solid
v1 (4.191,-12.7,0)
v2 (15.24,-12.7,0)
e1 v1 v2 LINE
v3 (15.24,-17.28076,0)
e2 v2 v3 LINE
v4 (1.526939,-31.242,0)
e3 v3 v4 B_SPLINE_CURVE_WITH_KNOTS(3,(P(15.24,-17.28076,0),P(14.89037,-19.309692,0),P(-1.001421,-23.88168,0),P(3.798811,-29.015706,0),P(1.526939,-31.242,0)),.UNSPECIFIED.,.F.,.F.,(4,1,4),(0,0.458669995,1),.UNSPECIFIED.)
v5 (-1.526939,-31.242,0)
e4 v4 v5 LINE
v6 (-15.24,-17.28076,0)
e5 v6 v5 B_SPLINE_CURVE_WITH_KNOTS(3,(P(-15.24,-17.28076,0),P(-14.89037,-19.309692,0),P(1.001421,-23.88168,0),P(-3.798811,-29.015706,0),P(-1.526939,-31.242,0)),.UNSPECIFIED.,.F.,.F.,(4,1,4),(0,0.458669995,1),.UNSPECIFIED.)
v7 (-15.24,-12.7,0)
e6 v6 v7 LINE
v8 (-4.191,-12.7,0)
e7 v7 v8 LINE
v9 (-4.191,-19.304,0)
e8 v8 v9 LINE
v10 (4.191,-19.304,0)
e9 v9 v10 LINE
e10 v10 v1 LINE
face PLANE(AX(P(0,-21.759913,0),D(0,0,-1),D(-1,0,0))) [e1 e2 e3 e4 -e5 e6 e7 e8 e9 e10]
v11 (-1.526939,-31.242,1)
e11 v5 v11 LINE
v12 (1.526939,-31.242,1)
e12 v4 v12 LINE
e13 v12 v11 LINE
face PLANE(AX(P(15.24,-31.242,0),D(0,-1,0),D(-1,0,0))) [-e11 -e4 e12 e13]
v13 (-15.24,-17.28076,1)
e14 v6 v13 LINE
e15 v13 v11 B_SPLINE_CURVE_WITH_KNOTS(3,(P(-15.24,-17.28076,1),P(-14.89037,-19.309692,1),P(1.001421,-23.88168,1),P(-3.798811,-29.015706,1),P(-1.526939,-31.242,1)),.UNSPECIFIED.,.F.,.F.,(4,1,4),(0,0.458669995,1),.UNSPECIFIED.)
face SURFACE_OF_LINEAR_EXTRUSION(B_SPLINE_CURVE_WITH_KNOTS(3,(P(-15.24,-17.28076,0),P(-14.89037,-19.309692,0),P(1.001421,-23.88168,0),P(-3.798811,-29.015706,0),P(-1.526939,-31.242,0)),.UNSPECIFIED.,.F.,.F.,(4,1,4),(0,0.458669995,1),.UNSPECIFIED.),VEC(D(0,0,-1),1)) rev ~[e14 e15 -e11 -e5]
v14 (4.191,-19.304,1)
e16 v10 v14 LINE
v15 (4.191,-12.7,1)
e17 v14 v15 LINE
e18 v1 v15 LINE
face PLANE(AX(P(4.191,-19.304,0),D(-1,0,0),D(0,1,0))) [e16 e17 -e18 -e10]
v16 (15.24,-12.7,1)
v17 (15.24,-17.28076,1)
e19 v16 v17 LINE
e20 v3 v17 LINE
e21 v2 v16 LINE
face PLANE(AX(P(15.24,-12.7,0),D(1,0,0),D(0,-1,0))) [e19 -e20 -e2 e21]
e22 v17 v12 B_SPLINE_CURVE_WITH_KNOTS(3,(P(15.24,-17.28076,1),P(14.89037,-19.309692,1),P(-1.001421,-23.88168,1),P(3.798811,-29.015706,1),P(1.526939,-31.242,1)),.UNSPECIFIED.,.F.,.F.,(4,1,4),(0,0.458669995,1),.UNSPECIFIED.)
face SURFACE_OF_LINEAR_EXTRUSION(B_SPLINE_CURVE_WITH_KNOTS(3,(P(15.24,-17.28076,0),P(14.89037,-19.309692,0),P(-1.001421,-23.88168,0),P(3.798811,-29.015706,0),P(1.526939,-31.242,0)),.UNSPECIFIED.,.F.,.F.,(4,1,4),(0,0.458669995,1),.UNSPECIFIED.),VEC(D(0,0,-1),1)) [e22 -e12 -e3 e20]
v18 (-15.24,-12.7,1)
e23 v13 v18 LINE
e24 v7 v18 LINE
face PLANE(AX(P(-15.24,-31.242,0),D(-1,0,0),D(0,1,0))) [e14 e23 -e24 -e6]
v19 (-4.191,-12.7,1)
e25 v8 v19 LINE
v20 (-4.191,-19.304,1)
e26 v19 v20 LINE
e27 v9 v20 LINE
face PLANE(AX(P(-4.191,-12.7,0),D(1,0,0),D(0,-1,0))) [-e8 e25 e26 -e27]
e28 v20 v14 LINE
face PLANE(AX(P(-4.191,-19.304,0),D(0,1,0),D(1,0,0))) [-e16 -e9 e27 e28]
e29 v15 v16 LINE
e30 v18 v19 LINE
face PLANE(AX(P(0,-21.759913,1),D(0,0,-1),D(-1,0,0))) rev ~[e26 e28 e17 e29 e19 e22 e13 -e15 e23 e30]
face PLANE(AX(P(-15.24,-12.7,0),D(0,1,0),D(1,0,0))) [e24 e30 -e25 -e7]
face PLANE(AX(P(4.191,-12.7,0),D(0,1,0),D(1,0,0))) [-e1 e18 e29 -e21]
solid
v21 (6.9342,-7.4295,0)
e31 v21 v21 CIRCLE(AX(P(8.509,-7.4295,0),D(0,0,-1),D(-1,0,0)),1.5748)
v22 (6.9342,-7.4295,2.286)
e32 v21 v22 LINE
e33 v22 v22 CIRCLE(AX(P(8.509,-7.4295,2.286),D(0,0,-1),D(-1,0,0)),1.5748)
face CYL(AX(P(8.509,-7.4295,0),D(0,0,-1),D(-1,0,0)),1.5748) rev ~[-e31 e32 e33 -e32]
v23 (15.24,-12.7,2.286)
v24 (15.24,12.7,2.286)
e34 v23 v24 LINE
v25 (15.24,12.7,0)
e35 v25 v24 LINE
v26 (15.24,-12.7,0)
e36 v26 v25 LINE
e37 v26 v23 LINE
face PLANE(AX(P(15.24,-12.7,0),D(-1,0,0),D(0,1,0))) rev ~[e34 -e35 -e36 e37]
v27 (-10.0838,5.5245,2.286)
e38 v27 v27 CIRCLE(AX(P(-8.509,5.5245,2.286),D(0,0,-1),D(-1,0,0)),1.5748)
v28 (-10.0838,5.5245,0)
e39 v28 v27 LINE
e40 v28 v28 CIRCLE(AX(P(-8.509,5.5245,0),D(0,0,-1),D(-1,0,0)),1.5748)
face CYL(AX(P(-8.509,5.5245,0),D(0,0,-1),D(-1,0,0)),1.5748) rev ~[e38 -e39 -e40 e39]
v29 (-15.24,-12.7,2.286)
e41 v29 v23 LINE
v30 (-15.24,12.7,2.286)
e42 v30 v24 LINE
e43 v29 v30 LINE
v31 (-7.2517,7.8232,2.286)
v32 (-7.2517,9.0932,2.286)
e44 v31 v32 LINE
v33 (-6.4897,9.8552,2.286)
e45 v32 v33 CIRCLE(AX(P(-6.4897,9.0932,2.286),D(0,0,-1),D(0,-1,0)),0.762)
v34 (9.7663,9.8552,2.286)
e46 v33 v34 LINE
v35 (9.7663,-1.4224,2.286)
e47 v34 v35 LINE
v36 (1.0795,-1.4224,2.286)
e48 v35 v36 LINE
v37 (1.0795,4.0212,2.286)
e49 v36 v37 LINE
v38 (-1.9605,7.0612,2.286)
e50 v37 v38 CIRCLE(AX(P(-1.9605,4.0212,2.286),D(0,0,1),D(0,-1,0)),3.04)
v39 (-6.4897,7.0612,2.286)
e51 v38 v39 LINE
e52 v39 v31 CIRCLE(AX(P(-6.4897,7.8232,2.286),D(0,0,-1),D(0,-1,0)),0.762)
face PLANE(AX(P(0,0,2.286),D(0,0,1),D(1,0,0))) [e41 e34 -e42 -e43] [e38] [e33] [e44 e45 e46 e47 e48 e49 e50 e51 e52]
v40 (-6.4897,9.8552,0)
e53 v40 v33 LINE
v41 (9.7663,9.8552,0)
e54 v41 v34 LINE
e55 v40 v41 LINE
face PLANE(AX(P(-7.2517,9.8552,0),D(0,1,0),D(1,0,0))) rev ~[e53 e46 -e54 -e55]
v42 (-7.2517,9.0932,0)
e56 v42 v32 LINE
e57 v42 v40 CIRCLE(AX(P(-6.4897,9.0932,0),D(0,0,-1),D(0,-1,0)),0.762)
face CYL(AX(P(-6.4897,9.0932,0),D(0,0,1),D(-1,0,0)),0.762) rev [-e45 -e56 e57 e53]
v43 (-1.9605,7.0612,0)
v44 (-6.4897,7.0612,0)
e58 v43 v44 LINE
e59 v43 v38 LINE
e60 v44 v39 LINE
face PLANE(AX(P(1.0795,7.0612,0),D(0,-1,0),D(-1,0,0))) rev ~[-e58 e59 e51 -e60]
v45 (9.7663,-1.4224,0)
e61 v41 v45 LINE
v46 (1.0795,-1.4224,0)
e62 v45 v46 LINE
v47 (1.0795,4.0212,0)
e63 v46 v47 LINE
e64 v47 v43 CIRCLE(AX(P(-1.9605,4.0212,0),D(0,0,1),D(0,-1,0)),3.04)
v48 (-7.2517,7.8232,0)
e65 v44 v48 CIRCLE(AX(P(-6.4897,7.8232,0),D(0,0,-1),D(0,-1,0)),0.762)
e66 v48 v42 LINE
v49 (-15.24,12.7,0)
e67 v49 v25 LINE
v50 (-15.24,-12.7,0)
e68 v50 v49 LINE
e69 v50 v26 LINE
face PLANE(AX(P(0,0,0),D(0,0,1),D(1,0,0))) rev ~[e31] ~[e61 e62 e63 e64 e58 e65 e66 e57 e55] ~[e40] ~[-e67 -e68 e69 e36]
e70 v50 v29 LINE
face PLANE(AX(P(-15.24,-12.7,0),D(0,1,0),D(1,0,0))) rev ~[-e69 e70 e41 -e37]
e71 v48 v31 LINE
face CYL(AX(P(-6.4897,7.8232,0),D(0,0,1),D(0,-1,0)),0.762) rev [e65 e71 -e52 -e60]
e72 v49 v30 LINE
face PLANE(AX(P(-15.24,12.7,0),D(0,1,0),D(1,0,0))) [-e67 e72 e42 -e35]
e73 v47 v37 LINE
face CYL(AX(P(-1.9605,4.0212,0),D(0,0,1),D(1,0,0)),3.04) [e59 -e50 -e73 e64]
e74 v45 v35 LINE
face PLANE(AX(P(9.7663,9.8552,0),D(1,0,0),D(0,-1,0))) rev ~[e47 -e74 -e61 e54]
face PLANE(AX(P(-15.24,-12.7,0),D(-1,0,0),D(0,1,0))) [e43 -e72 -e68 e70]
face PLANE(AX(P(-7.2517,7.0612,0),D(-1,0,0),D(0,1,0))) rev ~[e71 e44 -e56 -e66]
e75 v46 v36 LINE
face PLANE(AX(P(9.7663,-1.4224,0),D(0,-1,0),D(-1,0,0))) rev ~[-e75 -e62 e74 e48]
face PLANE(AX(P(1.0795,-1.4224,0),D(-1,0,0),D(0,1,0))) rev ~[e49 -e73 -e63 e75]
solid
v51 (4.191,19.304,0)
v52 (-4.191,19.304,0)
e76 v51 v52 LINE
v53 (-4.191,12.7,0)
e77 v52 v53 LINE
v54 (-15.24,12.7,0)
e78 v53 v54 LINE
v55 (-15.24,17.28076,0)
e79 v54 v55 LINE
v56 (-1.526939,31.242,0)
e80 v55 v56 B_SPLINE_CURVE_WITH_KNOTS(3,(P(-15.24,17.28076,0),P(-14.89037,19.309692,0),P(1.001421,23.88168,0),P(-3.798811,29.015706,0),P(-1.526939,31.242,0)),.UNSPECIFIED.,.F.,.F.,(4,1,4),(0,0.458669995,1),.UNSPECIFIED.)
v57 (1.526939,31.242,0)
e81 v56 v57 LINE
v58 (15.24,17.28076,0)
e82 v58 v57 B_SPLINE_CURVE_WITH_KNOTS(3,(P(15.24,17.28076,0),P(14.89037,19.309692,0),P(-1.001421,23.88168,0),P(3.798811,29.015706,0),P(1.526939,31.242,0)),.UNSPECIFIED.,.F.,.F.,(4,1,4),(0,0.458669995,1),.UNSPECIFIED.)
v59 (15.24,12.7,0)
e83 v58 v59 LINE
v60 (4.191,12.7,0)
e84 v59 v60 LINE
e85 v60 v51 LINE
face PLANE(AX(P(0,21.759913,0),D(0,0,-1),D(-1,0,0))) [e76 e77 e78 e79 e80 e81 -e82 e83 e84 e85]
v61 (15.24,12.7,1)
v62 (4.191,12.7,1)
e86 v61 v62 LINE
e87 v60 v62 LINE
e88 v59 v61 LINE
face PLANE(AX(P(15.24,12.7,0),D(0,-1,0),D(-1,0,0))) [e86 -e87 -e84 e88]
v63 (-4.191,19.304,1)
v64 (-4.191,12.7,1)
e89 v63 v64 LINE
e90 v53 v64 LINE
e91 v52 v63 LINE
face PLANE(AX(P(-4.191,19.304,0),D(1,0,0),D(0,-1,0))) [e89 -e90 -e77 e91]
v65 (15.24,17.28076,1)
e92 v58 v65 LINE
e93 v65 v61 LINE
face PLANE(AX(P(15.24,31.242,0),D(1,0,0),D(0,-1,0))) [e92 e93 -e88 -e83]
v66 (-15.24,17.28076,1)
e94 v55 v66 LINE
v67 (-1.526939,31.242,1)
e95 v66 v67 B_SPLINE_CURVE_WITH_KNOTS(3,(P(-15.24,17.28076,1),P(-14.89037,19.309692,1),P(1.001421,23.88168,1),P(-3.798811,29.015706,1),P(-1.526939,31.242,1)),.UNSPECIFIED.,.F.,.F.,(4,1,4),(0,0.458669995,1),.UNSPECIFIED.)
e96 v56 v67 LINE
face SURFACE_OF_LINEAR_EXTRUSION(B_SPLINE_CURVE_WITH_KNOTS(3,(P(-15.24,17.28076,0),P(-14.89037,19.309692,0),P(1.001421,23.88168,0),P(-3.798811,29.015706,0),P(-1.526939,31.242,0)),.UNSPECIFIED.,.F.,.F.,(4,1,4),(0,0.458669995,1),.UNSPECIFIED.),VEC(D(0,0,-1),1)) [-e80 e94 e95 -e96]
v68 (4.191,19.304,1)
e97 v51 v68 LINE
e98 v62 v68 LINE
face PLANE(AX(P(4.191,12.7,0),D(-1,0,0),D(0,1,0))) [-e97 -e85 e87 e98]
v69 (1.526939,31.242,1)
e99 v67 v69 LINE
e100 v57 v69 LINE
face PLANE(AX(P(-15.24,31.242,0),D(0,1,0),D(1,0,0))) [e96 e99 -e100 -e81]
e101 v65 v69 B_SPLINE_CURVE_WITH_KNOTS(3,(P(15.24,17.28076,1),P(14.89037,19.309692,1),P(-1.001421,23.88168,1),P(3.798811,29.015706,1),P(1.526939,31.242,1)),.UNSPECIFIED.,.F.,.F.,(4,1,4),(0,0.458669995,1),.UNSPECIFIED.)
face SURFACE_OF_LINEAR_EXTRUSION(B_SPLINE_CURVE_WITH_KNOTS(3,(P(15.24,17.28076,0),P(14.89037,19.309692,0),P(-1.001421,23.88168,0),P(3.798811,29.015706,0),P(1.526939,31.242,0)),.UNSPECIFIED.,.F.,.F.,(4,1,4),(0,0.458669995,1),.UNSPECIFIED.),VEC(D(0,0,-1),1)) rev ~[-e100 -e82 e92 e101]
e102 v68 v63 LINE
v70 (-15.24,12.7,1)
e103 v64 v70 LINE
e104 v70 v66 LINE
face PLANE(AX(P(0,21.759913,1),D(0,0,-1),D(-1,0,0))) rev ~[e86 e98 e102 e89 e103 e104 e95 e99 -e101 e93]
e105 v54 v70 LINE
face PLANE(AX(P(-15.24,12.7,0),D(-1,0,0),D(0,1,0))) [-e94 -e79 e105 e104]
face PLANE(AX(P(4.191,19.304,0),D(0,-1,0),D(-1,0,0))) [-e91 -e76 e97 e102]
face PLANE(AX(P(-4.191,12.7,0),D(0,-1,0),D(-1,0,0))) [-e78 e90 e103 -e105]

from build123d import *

# Parameters (mm, degrees)
SKETCH2_W             = 30.48
SKETCH2_H             = 25.4
BOSS_EXTRUDE1_DEPTH   = 2.286
CUT_EXTRUDE2_REACH    = 4.286
SKETCH3_R             = 1.5748
BOSS_EXTRUDE5_DEPTH   = 1
BOSS_EXTRUDE5_2_DEPTH = 1
CUT_EXTRUDE3_DEPTH    = 1
FILLET4_R             = 3.04
FILLET5_R             = 0.762


with BuildPart() as part:
    # Sketch2 → Boss-Extrude1 (new body)
    with BuildSketch(Plane.XY):
        Rectangle(SKETCH2_W, SKETCH2_H)
    extrude(amount=BOSS_EXTRUDE1_DEPTH)

    # Sketch3 → Cut-Extrude2 (cut, up to next)
    with BuildSketch(Plane(origin=(0, 0, 0), x_dir=(-1, 0, 0), z_dir=(0, 0, -1)), mode=Mode.PRIVATE) as cut_extrude2_sk1:
        Polygon((-9.7663, -1.4224), (-1.0795, -1.4224), (-1.0795, 7.0612), (7.2517, 7.0612), (7.2517, 9.8552), (-9.7663, 9.8552), align=None)
    cut_extrude2_tool1 = extrude(cut_extrude2_sk1.sketch, amount=-CUT_EXTRUDE2_REACH, mode=Mode.PRIVATE) & part.part
    add(cut_extrude2_tool1.solids().sort_by_distance((3.789271, 5.030776, 0))[0], mode=Mode.SUBTRACT)
    # Sketch3 → Cut-Extrude2 (cut, up to next)
    with BuildSketch(Plane(origin=(0, 0, 0), x_dir=(-1, 0, 0), z_dir=(0, 0, -1)), mode=Mode.PRIVATE) as cut_extrude2_sk2:
        with Locations((8.509, 5.5245)):
            Circle(SKETCH3_R)
    cut_extrude2_tool2 = extrude(cut_extrude2_sk2.sketch, amount=-CUT_EXTRUDE2_REACH, mode=Mode.PRIVATE) & part.part
    add(cut_extrude2_tool2.solids().sort_by_distance((-8.509, 5.5245, 0))[0], mode=Mode.SUBTRACT)
    # Sketch3 → Cut-Extrude2 (cut, up to next)
    with BuildSketch(Plane(origin=(0, 0, 0), x_dir=(-1, 0, 0), z_dir=(0, 0, -1)), mode=Mode.PRIVATE) as cut_extrude2_sk3:
        with Locations((-8.509, -7.4295)):
            Circle(SKETCH3_R)
    cut_extrude2_tool3 = extrude(cut_extrude2_sk3.sketch, amount=-CUT_EXTRUDE2_REACH, mode=Mode.PRIVATE) & part.part
    add(cut_extrude2_tool3.solids().sort_by_distance((8.509, -7.4295, 0))[0], mode=Mode.SUBTRACT)

    # Fillet4
    fillet4_edges = [part.edges().sort_by_distance(p)[0] for p in [
        (1.0795, 7.0612, 1.143),
    ]]
    fillet(fillet4_edges, radius=FILLET4_R)

    # Fillet5
    fillet5_edges = [part.edges().sort_by_distance(p)[0] for p in [
        (-7.2517, 9.8552, 1.143),
        (-7.2517, 7.0612, 1.143),
    ]]
    fillet(fillet5_edges, radius=FILLET5_R)


with BuildPart() as body_2:
    # Sketch5 → Boss-Extrude5 (new body)
    with BuildSketch(Plane(origin=(0, 0, 0), x_dir=(-1, 0, 0), z_dir=(0, 0, -1))):
        Polygon((-15.24, 12.7), (-4.191, 12.7), (-4.191, 19.304), (4.191, 19.304), (4.191, 12.7), (15.24, 12.7), (15.24, 31.242), (-15.24, 31.242), align=None)
    extrude(amount=-BOSS_EXTRUDE5_DEPTH)


with BuildPart() as body_3:
    # Sketch5 → Boss-Extrude5 2 (new body)
    with BuildSketch(Plane(origin=(0, 0, 0), x_dir=(-1, 0, 0), z_dir=(0, 0, -1))):
        Polygon((15.24, -12.7), (4.191, -12.7), (4.191, -19.304), (-4.191, -19.304), (-4.191, -12.7), (-15.24, -12.7), (-15.24, -31.242), (15.24, -31.242), align=None)
    extrude(amount=-BOSS_EXTRUDE5_2_DEPTH)


with BuildPart() as cut_extrude3_tool:
    # Sketch6 → Cut-Extrude3 (new body)
    with BuildSketch(Plane(origin=(0, 0, 0), x_dir=(-1, 0, 0), z_dir=(0, 0, -1))):
        with BuildLine():
            Line((15.24, -17.280759688), (15.24, -31.242))
            Line((15.24, -31.242), (1.526938678, -31.242))
            add(Edge.make_bspline(
                [(15.24, -17.280759688), (14.890369571, -19.309691675), (-1.001421423, -23.881680442), (3.798810701, -29.015705658), (1.526938678, -31.242)],
                knots=[0, 0, 0, 0, 0.458669995, 1, 1, 1, 1], degree=3))
        make_face()
        with BuildLine():
            Line((-15.24, -31.242), (-1.526938678, -31.242))
            add(Edge.make_bspline(
                [(-15.24, -17.280759688), (-14.890369571, -19.309691675), (1.001421423, -23.881680442), (-3.798810701, -29.015705658), (-1.526938678, -31.242)],
                knots=[0, 0, 0, 0, 0.458669995, 1, 1, 1, 1], degree=3))
            Line((-15.24, -17.280759688), (-15.24, -31.242))
        make_face()
        with BuildLine():
            Line((-15.24, 17.280759688), (-15.24, 31.242))
            Line((-15.24, 31.242), (-1.526938678, 31.242))
            add(Edge.make_bspline(
                [(-15.24, 17.280759688), (-14.890369571, 19.309691675), (1.001421423, 23.881680442), (-3.798810701, 29.015705658), (-1.526938678, 31.242)],
                knots=[0, 0, 0, 0, 0.458669995, 1, 1, 1, 1], degree=3))
        make_face()
        with BuildLine():
            Line((15.24, 31.242), (1.526938678, 31.242))
            add(Edge.make_bspline(
                [(15.24, 17.280759688), (14.890369571, 19.309691675), (-1.001421423, 23.881680442), (3.798810701, 29.015705658), (1.526938678, 31.242)],
                knots=[0, 0, 0, 0, 0.458669995, 1, 1, 1, 1], degree=3))
            Line((15.24, 17.280759688), (15.24, 31.242))
        make_face()
    extrude(amount=-CUT_EXTRUDE3_DEPTH)


with BuildPart() as body_2_1:
    add(body_2.part)

    # Cut-Extrude3: cut by cut_extrude3_tool
    add(cut_extrude3_tool.part, mode=Mode.SUBTRACT)


with BuildPart() as body_3_1:
    add(body_3.part)

    # Cut-Extrude3: cut by cut_extrude3_tool
    add(cut_extrude3_tool.part, mode=Mode.SUBTRACT)


solid = Compound([part.part, body_2_1.part, body_3_1.part])
